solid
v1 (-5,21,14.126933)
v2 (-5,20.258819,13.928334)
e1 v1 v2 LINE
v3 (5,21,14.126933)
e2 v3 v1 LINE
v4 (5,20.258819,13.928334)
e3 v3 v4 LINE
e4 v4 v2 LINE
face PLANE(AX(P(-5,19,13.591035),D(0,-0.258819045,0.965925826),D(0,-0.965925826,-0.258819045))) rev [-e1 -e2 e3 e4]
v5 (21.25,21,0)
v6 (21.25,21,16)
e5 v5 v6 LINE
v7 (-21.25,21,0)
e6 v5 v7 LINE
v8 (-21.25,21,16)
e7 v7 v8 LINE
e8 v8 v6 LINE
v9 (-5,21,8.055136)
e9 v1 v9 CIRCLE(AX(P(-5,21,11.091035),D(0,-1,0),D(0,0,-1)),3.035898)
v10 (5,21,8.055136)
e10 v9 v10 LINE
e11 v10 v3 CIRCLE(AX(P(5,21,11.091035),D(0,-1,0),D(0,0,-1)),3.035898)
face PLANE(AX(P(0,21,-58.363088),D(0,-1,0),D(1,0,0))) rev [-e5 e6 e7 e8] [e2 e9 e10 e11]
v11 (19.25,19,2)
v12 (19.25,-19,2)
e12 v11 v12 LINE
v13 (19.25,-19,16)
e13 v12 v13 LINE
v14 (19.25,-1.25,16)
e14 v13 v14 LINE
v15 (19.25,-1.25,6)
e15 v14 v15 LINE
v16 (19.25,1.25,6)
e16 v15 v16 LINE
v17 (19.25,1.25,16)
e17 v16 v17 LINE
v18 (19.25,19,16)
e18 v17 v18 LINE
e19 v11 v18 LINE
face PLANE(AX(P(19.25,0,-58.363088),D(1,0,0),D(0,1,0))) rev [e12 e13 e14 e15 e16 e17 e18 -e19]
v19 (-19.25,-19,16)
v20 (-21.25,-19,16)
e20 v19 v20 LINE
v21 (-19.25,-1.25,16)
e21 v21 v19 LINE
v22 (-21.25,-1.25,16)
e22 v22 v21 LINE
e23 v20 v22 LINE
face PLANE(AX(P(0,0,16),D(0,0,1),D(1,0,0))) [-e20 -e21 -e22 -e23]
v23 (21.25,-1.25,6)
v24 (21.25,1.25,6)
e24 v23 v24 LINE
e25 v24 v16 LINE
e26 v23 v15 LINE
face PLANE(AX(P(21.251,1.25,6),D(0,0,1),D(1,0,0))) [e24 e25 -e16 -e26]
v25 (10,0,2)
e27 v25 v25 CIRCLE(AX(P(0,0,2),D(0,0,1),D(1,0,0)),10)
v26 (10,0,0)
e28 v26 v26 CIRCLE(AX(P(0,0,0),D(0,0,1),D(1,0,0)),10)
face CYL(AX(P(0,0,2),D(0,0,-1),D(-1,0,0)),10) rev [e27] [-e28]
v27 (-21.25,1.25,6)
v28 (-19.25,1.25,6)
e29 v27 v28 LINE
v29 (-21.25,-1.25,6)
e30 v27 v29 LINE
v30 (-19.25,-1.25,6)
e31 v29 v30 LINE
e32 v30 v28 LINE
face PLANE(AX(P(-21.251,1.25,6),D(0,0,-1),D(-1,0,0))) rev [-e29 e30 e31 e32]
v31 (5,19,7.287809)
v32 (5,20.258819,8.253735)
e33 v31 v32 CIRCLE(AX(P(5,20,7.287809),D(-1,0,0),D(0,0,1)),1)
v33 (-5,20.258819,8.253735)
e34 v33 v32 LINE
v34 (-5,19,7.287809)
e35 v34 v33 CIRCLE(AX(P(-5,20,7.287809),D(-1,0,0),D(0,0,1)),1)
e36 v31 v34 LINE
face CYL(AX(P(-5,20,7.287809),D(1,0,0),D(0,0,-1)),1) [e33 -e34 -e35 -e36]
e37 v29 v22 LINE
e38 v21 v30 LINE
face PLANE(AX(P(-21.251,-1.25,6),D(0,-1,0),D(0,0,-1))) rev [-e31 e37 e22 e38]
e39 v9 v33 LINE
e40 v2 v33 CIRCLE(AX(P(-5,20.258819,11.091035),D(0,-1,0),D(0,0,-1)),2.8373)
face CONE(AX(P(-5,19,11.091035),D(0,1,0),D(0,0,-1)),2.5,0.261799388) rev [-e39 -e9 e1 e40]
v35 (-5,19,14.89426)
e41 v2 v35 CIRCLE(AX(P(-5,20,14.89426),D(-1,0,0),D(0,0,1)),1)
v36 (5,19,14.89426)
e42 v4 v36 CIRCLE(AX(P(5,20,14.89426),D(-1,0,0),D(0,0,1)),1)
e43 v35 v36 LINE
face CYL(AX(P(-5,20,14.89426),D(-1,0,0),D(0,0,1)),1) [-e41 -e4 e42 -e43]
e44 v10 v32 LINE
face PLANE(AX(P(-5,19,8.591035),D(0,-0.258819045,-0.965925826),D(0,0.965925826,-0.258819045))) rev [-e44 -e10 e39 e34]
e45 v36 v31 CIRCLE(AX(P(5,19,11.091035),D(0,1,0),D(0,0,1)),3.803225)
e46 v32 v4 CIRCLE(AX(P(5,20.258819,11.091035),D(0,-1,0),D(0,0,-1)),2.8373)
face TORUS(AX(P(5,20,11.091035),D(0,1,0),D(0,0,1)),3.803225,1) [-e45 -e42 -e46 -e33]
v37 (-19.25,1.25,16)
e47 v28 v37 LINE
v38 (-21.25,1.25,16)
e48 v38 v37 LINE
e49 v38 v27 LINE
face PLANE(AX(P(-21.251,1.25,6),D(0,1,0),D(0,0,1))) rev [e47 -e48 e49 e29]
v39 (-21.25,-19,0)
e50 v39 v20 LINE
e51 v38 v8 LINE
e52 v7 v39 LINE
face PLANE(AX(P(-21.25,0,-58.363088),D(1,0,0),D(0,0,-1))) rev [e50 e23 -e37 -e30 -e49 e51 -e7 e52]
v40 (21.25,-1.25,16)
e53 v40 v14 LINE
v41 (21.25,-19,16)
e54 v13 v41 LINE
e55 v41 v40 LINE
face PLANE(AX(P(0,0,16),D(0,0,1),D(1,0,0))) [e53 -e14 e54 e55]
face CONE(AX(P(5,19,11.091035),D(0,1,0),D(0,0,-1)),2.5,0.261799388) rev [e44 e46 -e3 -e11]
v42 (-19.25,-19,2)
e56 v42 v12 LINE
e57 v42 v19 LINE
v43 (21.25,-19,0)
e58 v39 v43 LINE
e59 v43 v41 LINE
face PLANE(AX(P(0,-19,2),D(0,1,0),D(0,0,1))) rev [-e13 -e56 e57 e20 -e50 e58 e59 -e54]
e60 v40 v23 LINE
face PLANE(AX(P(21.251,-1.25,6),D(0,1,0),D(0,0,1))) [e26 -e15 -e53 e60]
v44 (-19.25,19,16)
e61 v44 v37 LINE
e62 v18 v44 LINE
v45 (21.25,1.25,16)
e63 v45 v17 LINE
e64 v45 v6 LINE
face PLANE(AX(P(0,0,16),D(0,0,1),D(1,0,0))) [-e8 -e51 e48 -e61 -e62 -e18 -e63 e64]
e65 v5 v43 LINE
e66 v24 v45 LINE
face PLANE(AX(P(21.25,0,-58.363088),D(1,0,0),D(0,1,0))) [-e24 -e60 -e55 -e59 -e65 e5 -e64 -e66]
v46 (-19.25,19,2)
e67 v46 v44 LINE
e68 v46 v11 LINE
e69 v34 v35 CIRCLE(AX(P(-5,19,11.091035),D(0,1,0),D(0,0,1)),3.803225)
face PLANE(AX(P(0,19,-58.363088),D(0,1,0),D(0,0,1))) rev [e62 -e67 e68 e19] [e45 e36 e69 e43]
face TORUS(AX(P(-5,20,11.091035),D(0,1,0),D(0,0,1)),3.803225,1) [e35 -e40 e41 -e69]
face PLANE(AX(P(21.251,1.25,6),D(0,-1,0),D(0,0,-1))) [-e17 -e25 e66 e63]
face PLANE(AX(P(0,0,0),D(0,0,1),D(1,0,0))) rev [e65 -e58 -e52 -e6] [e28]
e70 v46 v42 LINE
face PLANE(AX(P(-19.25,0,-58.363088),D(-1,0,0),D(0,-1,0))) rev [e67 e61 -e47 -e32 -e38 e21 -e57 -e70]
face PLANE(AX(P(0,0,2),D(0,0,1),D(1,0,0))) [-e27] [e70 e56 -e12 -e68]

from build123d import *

# Parameters (mm, degrees)
SKETCH1_W                = 38.5
SKETCH1_H                = 38
SKETCH1_R                = 10
BOSS_EXTRUDE1_DEPTH      = 2
BOSS_EXTRUDE2_DEPTH      = 14
BOSS_EXTRUDE2_DEPTH_BACK = 2
CUT_EXTRUDE1_REACH       = 50.345
SKETCH3_W                = 10
SKETCH3_H                = 2.5
CUT_EXTRUDE2_DEPTH       = 47.384938288
CUT_EXTRUDE2_DRAFT       = 15
FILLET1_R                = 1


with BuildPart() as part:
    # Sketch1 → Boss-Extrude1 (new body)
    with BuildSketch(Plane.XY):
        Rectangle(SKETCH1_W, SKETCH1_H)
        Circle(SKETCH1_R, mode=Mode.SUBTRACT)
    extrude(amount=BOSS_EXTRUDE1_DEPTH)

    # Sketch2 → Boss-Extrude2 (add, two sides: drawn at the far end of the back side and taken through both)
    with BuildSketch(Plane.XY.offset(2).offset(-BOSS_EXTRUDE2_DEPTH_BACK)):
        Polygon((-21.25, -19), (-19.25, -19), (-19.25, 19), (19.25, 19), (19.25, -19), (21.25, -19), (21.25, 21), (-21.25, 21), align=None)
    extrude(amount=BOSS_EXTRUDE2_DEPTH + BOSS_EXTRUDE2_DEPTH_BACK)

    # Sketch3 → Cut-Extrude1 (cut, up to next)
    with BuildSketch(Plane(origin=(-19.25, 0, 0), x_dir=(0, 0, -1), z_dir=(1, 0, 0)), mode=Mode.PRIVATE) as cut_extrude1_sk1:
        with Locations((-11, 0)):
            Rectangle(SKETCH3_W, SKETCH3_H)
    cut_extrude1_tool1 = extrude(cut_extrude1_sk1.sketch, amount=-CUT_EXTRUDE1_REACH, mode=Mode.PRIVATE) & part.part
    cut_extrude1 = cut_extrude1_tool1.solids().sort_by_distance((-19.25, 0, 11))[0]
    add(cut_extrude1, mode=Mode.SUBTRACT)

    # Mirror1: Cut-Extrude1 across plane
    add(cut_extrude1.mirror(Plane(origin=(0, 0, 0), x_dir=(0, 0, 1), z_dir=(1, 0, 0))), mode=Mode.SUBTRACT)


with BuildPart() as cut_extrude2_tool:
    # Sketch5 → Cut-Extrude2 (with draft: the straight prism first)
    with BuildSketch(Plane.XZ.offset(-19)):
        with BuildLine():
            ThreePointArc((-5, 13.591034656), (-7.5, 11.091034656), (-5, 8.591034656))
            Line((-5, 8.591034656), (5, 8.591034656))
            ThreePointArc((5, 8.591034656), (7.5, 11.091034656), (5, 13.591034656))
            Line((5, 13.591034656), (-5, 13.591034656))
        make_face()
    extrude(amount=-CUT_EXTRUDE2_DEPTH)
    # Cut-Extrude2: the draft: its side faces are tilted about the plane it starts from
    cut_extrude2_sides = [cut_extrude2_tool.faces().sort_by_distance(p)[0] for p in [
        (-7.5, 42.692469144, 11.091034656),
        (0, 42.692469144, 8.591034656),
        (7.5, 42.692469144, 11.091034656),
        (0, 42.692469144, 13.591034656),
    ]]
    draft(cut_extrude2_sides, Plane.XZ.offset(-19), CUT_EXTRUDE2_DRAFT)


with BuildPart() as part_1:
    add(part.part)

    # Cut-Extrude2: cut by cut_extrude2_tool
    add(cut_extrude2_tool.part, mode=Mode.SUBTRACT)

    # Fillet1
    fillet1_edges = [part_1.edges().sort_by_distance(p)[0] for p in [
        (-7.5, 19, 11.091034656),
        (0, 19, 8.591034656),
        (7.5, 19, 11.091034656),
        (0, 19, 13.591034656),
    ]]
    fillet(fillet1_edges, radius=FILLET1_R)


solid = part_1.part
